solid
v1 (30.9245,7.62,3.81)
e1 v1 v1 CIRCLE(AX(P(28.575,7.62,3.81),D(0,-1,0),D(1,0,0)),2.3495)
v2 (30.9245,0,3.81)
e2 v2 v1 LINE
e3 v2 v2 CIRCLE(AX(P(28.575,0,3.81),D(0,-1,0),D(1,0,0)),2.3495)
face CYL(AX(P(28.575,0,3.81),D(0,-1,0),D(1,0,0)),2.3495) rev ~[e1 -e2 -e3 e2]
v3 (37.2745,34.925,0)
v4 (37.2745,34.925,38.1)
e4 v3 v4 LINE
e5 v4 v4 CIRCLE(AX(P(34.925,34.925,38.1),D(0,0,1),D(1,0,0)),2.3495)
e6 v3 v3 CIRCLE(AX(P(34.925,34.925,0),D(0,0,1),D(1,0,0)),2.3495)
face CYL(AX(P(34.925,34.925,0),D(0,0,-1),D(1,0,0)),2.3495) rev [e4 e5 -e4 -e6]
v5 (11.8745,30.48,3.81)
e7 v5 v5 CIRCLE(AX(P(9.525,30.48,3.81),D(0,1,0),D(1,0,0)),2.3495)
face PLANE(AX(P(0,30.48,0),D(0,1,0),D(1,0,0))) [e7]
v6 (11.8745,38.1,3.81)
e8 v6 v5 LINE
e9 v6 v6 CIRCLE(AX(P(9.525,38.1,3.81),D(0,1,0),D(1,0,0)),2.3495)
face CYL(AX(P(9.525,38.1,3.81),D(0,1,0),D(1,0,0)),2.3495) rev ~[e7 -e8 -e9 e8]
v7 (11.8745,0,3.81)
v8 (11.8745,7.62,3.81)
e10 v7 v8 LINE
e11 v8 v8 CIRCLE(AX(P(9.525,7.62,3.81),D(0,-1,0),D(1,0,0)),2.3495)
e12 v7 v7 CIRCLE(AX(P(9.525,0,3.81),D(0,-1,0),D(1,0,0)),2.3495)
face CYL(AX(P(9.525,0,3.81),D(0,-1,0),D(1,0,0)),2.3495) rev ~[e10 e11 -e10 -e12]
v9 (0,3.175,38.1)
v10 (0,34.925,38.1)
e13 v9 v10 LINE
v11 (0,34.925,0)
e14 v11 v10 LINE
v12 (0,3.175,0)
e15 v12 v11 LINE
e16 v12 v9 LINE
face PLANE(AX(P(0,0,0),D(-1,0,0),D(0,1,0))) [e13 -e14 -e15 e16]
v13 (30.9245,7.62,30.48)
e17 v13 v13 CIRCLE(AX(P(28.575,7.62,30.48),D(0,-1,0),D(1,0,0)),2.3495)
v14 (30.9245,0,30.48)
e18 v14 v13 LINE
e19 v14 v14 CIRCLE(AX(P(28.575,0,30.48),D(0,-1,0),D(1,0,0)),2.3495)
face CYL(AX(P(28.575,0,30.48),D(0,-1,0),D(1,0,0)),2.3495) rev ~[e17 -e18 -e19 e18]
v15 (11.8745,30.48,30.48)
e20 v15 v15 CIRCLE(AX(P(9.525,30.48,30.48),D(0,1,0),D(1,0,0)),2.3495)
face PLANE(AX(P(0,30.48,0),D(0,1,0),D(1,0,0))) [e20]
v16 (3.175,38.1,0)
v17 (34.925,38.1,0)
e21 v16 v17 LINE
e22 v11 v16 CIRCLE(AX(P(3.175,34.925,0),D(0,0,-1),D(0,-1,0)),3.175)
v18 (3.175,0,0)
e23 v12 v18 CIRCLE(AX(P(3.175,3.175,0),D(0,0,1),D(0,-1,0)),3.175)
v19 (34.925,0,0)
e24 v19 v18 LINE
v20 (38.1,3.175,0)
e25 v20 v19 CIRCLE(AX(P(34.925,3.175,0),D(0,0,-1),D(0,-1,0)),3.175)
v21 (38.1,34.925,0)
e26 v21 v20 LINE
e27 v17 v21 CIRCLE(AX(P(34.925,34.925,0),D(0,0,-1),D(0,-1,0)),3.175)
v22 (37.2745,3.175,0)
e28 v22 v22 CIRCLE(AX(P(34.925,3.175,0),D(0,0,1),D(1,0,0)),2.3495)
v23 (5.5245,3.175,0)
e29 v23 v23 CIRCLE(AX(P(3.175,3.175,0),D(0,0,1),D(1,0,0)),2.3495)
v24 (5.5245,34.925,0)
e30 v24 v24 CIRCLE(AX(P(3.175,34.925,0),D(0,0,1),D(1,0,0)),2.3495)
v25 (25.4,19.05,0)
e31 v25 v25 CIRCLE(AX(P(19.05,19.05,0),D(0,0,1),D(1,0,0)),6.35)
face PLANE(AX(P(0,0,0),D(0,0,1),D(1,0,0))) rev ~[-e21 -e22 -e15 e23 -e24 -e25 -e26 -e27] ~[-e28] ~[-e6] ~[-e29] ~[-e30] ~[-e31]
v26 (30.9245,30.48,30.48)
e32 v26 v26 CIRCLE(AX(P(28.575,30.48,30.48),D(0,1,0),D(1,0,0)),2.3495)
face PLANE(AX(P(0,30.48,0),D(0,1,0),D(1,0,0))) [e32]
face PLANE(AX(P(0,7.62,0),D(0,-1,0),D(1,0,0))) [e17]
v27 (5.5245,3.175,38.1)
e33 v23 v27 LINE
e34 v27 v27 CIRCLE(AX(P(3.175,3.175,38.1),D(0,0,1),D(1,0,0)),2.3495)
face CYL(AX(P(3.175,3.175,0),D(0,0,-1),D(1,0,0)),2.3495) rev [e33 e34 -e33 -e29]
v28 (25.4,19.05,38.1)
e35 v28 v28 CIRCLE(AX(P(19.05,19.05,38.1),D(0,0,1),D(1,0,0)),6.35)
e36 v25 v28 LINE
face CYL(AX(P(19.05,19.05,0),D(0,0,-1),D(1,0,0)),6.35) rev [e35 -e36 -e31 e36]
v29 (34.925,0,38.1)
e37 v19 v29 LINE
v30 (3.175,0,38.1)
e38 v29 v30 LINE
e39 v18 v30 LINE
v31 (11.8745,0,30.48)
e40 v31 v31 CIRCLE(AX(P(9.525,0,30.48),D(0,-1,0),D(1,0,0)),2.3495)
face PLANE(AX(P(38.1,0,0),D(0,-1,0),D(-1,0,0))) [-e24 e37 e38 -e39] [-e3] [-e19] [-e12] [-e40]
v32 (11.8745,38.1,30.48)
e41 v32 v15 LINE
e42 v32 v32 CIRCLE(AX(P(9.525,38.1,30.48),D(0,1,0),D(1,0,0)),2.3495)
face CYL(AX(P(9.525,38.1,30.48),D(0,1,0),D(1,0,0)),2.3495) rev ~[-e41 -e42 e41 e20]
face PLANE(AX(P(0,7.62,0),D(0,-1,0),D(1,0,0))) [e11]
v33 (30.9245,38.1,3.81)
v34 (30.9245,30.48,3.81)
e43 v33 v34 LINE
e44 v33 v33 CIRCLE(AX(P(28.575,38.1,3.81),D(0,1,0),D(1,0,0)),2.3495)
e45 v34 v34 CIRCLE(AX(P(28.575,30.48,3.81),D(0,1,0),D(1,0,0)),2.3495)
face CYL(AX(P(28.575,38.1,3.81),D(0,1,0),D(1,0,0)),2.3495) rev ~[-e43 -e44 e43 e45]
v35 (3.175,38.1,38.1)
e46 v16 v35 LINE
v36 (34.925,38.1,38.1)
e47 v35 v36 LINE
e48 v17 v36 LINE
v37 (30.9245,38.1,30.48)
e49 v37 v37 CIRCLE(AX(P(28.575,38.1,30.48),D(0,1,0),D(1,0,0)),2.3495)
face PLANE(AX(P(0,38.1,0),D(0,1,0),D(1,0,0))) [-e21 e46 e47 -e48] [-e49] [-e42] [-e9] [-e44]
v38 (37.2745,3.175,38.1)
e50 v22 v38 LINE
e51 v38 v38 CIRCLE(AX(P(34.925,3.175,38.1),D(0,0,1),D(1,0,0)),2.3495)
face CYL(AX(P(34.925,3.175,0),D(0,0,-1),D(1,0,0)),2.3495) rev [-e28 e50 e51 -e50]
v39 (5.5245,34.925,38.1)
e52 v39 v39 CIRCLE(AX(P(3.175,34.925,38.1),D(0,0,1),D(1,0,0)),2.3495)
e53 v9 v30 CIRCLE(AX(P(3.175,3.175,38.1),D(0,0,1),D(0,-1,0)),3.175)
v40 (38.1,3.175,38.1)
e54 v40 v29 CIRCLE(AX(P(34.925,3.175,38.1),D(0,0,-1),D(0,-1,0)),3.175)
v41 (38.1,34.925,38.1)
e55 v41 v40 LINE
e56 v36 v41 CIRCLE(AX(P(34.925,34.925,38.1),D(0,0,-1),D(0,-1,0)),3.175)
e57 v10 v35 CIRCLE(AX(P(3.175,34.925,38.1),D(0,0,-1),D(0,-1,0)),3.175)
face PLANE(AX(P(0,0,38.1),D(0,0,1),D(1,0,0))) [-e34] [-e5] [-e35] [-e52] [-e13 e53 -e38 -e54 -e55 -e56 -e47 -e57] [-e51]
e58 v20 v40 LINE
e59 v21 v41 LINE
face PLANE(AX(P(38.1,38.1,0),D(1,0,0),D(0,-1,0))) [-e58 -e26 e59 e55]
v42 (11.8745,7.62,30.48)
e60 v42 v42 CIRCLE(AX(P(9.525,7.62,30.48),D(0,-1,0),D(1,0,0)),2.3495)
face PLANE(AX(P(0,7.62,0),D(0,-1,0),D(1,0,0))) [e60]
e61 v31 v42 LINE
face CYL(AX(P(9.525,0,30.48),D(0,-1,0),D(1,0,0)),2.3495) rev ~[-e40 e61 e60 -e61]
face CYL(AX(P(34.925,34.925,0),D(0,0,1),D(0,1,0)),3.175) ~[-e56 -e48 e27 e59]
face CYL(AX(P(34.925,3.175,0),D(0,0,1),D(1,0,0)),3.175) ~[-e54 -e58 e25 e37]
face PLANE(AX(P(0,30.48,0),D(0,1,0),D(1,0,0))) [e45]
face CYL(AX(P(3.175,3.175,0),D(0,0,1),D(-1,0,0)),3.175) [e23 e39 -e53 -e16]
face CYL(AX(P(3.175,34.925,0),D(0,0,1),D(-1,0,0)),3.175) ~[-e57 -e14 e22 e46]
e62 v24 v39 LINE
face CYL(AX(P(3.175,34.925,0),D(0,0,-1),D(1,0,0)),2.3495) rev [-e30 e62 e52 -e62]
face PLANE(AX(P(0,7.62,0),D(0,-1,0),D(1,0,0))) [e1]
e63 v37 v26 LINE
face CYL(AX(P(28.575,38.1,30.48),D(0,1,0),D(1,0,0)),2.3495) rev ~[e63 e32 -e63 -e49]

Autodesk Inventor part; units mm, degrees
ref_plane "YZ Plane" through (0, 0, 0) normal (1, 0, 0) x (0, 1, 0)
ref_plane "XZ Plane" through (0, 0, 0) normal (0, 1, 0) x (-1, 0, 0)
ref_plane "XY Plane" through (0, 0, 0) normal (0, 0, 1) x (1, 0, 0)
sketch "Sketch1" plane through (0, 0, 0) normal (0, 0, 1) x (1, 0, 0)
  line L0 (0, 0) -> (0, 38.1)
  line L1 (0, 38.1) -> (38.1, 38.1)
  line L2 (38.1, 38.1) -> (38.1, 0)
  line L3 (38.1, 0) -> (0, 0)
  circle A0 centre (19.05, 19.05) radius 6.35
  circle A1 centre (3.175, 34.925) radius 2.3495
  circle A2 centre (34.925, 34.925) radius 2.3495
  circle A3 centre (3.175, 3.175) radius 2.3495
  circle A4 centre (34.925, 3.175) radius 2.3495
  dimension "d0" = 38.1
  dimension "d1" = 38.1
  dimension "d2" = 12.7
  dimension "d3" = 19.05
  dimension "d4" = 19.05
  dimension "d34" = 4.699
  dimension "d37" = 31.75
  dimension "d40" = 31.75
  dimension "d43" = 3.175
  dimension "d44" = 3.175
extrude "Extrusion1" add sketch "Sketch1" along normal blind 38.1
fillet "Fillet1" radius 3.175 4 edges at (38.1, 38.1, 19.05) (38.1, 0, 19.05) (0, 38.1, 19.05) (0, 0, 19.05)
sketch "Sketch2" plane through (0, 38.1, 0) normal (0, 1, 0) x (1, 0, 0)
  line L0 (0, 0) -> (38.1, 0) projected
  line L1 (0, 0) -> (0, -38.1) projected
  circle A0 centre (9.525, -3.81) radius 2.3495
  circle A1 centre (28.575, -3.81) radius 2.3495
  circle A2 centre (9.525, -30.48) radius 2.3495
  circle A3 centre (28.575, -30.48) radius 2.3495
  dimension "d8" = 4.699
  dimension "d11" = 19.05
  dimension "d14" = 26.67
  dimension "d17" = 3.81
  dimension "d18" = 9.525
extrude "Extrusion2" cut sketch "Sketch2" against normal blind 7.62
sketch "Sketch3" plane through (0, 0, 0) normal (0, -1, 0) x (1, 0, 0)
  line L0 (38.1, 0) -> (0, 0) projected
  line L1 (38.1, 0) -> (38.1, 38.1) projected
  circle A0 centre (28.575, 3.81) radius 2.3495
  circle A1 centre (9.525, 3.81) radius 2.3495
  circle A2 centre (28.575, 30.48) radius 2.3495
  circle A3 centre (9.525, 30.48) radius 2.3495
  dimension "d21" = 4.699
  dimension "d24" = 19.05
  dimension "d27" = 26.67
  dimension "d30" = 3.81
  dimension "d31" = 9.525
extrude "Extrusion3" cut sketch "Sketch3" against normal blind 7.62
properties part number "Base"
